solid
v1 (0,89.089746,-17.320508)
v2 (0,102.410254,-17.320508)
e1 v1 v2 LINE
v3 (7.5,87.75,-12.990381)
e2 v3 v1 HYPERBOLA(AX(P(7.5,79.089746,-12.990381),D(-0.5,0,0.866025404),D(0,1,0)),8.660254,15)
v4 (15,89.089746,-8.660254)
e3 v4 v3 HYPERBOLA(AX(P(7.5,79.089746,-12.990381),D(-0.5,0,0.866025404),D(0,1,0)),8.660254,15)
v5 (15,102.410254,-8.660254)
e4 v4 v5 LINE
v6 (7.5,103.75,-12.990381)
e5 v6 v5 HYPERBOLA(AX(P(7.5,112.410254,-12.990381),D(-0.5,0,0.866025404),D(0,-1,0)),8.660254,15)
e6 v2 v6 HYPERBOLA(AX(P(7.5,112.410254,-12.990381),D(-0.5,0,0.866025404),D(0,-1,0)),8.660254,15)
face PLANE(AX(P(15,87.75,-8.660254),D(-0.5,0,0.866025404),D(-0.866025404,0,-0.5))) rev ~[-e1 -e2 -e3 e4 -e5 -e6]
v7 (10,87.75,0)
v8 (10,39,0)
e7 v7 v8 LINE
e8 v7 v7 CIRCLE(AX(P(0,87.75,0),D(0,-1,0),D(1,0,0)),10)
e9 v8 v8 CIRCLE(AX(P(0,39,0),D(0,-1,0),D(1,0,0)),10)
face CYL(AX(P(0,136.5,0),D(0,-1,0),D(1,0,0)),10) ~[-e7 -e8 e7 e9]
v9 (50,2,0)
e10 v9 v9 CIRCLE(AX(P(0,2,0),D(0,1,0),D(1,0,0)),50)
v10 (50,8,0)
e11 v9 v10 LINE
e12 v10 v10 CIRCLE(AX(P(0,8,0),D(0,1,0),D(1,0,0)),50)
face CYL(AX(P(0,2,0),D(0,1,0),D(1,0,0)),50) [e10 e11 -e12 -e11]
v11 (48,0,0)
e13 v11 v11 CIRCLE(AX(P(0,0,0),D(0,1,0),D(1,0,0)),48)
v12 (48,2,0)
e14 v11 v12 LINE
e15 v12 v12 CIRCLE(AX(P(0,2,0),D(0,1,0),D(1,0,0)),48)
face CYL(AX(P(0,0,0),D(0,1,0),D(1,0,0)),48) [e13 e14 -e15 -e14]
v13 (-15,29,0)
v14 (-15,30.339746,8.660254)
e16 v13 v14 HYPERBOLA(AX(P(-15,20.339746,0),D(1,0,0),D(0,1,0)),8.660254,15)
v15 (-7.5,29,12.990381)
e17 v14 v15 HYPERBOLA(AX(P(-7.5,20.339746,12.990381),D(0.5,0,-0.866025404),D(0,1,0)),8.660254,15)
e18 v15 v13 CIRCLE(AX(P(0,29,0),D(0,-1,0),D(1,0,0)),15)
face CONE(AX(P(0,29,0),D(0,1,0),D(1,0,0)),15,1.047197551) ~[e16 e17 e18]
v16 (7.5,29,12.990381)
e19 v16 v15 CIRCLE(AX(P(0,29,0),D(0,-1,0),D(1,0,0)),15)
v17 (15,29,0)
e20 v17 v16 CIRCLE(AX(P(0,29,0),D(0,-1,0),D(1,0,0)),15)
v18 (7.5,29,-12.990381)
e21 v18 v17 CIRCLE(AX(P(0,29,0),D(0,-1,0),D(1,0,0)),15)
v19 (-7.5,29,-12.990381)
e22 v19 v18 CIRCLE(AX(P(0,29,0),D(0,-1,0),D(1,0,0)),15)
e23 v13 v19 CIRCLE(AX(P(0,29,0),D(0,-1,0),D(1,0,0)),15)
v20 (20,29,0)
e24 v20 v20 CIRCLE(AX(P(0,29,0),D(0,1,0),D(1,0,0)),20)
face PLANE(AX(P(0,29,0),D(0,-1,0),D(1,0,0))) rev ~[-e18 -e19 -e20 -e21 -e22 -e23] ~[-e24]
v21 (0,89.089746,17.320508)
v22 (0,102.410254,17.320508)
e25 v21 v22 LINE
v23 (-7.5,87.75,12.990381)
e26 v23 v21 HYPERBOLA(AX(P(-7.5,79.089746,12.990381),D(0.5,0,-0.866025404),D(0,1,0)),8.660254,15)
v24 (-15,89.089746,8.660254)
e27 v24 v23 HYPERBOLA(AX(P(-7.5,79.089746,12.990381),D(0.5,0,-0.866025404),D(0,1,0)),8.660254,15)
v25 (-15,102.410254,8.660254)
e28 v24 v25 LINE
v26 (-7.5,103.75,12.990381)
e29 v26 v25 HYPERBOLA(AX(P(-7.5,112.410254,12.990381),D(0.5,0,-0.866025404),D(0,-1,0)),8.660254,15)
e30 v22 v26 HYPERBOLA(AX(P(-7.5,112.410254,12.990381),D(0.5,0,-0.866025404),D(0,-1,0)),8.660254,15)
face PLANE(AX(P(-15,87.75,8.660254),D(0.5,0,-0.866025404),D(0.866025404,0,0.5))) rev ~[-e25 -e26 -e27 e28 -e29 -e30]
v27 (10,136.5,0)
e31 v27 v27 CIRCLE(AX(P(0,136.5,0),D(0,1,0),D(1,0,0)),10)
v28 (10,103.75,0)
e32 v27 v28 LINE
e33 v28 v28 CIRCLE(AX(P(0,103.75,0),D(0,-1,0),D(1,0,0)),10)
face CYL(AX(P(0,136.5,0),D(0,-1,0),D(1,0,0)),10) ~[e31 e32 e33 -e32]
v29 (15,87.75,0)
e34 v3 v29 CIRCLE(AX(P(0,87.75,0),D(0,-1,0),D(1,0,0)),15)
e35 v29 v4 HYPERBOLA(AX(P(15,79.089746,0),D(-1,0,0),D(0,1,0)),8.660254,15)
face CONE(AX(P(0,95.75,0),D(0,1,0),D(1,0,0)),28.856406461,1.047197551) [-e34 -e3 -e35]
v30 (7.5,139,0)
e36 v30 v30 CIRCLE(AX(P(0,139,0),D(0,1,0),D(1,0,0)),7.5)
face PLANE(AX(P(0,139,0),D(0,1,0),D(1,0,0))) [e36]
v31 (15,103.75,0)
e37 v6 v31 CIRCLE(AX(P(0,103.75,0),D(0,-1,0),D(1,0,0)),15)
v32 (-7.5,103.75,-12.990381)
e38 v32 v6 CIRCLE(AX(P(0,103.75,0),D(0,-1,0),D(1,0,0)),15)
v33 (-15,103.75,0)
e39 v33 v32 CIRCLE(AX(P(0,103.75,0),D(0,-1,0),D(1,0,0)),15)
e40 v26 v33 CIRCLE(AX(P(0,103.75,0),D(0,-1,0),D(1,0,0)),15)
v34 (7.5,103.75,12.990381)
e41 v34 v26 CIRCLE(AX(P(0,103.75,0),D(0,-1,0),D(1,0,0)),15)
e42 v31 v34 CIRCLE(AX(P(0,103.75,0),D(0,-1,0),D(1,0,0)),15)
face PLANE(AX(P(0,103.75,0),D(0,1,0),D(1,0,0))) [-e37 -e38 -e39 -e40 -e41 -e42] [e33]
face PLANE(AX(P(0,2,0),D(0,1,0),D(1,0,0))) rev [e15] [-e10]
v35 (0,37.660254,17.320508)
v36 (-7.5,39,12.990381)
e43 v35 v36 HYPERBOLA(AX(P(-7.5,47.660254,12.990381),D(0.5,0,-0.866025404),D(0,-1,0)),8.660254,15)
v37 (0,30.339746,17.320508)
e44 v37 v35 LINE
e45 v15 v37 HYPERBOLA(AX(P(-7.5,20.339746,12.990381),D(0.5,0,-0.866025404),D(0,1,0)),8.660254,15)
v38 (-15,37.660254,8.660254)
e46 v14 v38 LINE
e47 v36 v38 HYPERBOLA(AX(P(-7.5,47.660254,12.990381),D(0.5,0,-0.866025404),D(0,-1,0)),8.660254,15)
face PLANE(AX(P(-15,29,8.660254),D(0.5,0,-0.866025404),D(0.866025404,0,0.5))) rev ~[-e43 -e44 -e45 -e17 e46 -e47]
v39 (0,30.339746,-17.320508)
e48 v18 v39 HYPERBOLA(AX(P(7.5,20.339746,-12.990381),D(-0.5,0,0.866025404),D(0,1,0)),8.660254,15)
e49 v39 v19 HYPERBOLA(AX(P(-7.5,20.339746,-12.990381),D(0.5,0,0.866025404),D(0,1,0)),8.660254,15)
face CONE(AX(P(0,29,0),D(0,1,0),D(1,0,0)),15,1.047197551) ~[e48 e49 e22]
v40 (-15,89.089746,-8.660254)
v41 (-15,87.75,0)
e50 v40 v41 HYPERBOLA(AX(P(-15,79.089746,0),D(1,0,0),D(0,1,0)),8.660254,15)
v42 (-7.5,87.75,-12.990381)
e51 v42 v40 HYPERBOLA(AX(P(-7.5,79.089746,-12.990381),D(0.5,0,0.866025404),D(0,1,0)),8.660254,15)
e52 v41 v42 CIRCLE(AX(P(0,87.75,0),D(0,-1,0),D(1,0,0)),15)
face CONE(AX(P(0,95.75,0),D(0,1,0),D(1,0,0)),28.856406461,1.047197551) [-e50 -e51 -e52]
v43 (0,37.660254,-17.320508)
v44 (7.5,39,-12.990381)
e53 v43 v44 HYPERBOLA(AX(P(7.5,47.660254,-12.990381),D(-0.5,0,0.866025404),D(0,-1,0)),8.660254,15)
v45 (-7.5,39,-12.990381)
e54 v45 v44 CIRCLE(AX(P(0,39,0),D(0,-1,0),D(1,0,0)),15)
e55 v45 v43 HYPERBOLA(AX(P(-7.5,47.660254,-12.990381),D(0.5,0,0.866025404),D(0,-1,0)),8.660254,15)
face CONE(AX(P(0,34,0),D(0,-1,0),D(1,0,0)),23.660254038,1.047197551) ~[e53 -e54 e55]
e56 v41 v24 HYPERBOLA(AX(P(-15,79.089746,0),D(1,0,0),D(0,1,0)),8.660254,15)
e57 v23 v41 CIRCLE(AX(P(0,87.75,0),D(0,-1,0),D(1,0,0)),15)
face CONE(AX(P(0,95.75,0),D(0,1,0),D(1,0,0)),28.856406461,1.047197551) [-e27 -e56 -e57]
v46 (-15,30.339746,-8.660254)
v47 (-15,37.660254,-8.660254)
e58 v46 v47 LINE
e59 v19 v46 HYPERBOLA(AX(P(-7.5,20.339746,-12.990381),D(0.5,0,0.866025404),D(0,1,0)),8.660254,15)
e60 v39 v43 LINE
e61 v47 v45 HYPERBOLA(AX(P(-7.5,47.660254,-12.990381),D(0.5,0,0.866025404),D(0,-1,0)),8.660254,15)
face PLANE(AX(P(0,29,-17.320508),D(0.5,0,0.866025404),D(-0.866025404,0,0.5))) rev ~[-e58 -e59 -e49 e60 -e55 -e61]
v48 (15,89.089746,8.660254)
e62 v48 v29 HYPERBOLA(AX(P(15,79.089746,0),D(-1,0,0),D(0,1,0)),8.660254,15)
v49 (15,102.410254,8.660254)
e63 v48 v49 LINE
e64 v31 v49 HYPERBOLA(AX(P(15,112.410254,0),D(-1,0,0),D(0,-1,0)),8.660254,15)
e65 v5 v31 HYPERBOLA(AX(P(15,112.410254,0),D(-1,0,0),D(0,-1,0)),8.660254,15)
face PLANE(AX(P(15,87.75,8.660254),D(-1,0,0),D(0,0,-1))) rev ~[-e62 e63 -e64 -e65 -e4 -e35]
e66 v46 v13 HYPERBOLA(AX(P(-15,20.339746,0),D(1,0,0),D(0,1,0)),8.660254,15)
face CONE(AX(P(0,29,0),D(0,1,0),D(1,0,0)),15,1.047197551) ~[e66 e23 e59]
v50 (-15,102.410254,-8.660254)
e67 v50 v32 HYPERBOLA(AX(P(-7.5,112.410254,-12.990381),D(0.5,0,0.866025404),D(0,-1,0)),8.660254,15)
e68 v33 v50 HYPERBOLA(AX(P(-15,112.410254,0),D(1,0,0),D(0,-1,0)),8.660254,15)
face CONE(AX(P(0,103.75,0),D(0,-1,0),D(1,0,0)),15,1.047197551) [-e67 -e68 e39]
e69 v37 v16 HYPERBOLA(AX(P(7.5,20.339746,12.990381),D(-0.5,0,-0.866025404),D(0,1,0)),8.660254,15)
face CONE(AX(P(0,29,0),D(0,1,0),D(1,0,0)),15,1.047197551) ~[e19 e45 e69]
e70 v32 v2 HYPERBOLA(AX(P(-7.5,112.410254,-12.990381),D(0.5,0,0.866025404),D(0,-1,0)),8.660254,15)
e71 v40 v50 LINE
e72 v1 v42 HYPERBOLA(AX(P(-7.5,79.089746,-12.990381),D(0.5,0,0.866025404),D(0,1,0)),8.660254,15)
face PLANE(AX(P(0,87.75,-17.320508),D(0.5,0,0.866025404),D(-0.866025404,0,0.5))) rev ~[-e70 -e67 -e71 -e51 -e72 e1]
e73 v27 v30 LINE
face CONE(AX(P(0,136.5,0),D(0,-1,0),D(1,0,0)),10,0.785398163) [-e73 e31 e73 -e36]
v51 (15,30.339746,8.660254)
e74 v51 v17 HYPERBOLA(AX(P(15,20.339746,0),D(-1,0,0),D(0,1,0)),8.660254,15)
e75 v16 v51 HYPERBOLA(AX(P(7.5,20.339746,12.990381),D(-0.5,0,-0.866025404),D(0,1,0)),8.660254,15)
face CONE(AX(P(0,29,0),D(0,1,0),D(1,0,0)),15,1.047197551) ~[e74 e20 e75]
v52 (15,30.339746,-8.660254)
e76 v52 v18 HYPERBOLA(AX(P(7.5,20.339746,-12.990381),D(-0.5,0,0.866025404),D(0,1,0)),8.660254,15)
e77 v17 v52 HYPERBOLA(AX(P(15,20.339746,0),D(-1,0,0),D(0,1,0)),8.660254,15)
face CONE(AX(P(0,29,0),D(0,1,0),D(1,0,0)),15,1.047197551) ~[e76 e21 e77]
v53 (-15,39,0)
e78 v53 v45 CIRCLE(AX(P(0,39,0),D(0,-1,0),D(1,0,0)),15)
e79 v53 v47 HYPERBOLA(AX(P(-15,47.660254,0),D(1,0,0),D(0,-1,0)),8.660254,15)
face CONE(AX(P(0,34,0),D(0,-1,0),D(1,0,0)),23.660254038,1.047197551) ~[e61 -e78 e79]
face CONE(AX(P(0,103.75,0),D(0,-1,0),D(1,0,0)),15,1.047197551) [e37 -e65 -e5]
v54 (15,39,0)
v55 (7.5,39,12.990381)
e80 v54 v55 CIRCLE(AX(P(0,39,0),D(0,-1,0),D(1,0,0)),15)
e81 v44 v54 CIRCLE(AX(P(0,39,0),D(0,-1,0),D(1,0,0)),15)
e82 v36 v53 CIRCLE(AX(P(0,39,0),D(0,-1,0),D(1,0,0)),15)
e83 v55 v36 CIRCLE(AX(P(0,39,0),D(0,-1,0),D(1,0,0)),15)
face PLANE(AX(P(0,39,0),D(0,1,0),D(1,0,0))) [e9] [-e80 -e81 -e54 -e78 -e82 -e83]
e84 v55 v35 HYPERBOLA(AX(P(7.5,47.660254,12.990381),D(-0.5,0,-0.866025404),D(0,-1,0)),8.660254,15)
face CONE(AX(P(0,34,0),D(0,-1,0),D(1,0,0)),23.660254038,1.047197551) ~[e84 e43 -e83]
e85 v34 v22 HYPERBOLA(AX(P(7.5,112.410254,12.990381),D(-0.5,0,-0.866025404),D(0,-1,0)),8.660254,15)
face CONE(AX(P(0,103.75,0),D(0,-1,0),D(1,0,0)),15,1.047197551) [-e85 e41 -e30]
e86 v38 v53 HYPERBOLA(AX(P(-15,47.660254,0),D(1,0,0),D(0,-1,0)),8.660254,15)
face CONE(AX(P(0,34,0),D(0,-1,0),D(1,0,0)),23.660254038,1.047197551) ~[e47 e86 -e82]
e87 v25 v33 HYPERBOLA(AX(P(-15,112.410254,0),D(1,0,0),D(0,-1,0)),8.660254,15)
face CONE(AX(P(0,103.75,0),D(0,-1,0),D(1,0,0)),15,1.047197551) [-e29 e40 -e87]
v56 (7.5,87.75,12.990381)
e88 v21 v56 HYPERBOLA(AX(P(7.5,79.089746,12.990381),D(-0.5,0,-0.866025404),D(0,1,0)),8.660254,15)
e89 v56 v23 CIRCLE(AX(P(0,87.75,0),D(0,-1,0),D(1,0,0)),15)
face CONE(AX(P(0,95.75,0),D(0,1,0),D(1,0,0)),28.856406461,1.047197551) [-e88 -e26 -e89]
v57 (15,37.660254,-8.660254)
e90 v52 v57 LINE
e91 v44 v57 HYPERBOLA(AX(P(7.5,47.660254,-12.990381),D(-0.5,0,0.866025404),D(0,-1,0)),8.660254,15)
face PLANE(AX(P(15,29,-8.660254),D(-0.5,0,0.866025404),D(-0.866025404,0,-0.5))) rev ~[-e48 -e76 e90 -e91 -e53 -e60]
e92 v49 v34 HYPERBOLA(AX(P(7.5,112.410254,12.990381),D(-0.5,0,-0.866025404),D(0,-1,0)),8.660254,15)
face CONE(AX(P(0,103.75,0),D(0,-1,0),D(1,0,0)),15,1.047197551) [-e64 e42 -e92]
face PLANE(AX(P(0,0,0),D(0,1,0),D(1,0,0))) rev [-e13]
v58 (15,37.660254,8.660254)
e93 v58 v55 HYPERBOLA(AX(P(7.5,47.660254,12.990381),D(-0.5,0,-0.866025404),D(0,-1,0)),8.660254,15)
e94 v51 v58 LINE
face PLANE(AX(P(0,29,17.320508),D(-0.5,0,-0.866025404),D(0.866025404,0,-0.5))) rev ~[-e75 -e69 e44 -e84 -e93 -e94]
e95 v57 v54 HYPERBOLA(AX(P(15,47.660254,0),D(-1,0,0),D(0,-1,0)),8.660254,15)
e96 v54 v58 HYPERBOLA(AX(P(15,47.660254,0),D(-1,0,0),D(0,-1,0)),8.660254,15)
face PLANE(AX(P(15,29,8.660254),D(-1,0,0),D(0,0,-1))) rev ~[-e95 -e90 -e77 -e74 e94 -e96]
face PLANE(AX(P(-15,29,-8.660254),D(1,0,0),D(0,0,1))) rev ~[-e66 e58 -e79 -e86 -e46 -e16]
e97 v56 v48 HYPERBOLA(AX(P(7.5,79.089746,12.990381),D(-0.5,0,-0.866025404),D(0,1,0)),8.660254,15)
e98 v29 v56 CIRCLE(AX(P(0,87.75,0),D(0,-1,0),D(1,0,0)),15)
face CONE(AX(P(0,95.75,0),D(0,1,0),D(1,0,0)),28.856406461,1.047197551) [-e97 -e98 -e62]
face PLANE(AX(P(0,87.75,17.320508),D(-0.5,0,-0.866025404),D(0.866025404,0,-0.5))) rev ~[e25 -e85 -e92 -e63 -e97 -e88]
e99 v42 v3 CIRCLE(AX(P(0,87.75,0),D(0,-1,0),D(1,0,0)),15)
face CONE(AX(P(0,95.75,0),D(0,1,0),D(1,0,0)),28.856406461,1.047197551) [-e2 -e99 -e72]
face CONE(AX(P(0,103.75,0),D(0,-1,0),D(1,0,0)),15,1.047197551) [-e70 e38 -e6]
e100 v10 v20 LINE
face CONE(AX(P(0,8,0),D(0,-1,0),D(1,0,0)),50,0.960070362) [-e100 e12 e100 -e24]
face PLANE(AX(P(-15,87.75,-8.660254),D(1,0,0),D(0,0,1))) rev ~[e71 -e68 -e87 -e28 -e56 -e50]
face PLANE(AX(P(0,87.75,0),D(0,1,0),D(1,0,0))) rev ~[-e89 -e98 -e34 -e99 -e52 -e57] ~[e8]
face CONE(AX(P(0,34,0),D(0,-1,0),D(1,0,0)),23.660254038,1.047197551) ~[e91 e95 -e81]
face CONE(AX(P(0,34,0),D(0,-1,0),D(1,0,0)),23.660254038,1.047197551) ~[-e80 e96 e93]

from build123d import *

# Parameters (mm, degrees)
EXTRUDE_1_DEPTH = 10
EXTRUDE_2_DEPTH = 16


with BuildPart() as part:
    # Эскиз1 → Повернуть1 (revolve)
    with BuildSketch(Plane.XY, mode=Mode.PRIVATE) as revolve_1_sk:
        Polygon((0, 0), (-48, 0), (-48, 2), (-50, 2), (-50, 8), (-20, 29), (-10, 29), (-10, 39), (-10, 136.5), (-7.5, 139), (0, 139), align=None)
    revolve(revolve_1_sk.sketch.rotate(Axis((0, 0, 0), (0, 1, 0)), 180), axis=Axis((0, 0, 0), (0, 1, 0)))  # turned: the seam where the file's is

    # Эскиз2 → Бобышка-Вытянуть1 (add)
    with BuildSketch(Plane(origin=(0, 29, 0), x_dir=(1, 0, 0), z_dir=(0, 1, 0))):
        Polygon((0, 17.320508076), (-15, 8.660254038), (-15, -8.660254038), (0, -17.320508076), (15, -8.660254038), (15, 8.660254038), align=None)
    extrude(amount=EXTRUDE_1_DEPTH)

    # Эскиз3 → Бобышка-Вытянуть2 (add)
    with BuildSketch(Plane(origin=(0, 87.75, 0), x_dir=(1, 0, 0), z_dir=(0, 1, 0))):
        Polygon((15, 8.660254038), (0, 17.320508076), (-15, 8.660254038), (-15, -8.660254038), (0, -17.320508076), (15, -8.660254038), align=None)
    extrude(amount=EXTRUDE_2_DEPTH)

    # Эскиз4 → Вырез-Повернуть2 (revolve, cut)
    with BuildSketch(Plane.XY, mode=Mode.PRIVATE) as cut_revolve_2_sk:
        Polygon((-28.856406461, 103.75), (-15, 103.75), (-28.856406461, 95.75), align=None)
        Polygon((-28.856406461, 87.75), (-28.856406461, 95.75), (-15, 87.75), align=None)
        Polygon((-23.660254038, 39), (-23.660254038, 34), (-15, 39), align=None)
        Polygon((-23.660254038, 34), (-23.660254038, 29), (-15, 29), align=None)
    revolve(cut_revolve_2_sk.sketch.rotate(Axis((0, 139, 0), (0, -1, 0)), 180), axis=Axis((0, 139, 0), (0, -1, 0)), mode=Mode.SUBTRACT)  # turned: the seam where the file's is


solid = part.part
